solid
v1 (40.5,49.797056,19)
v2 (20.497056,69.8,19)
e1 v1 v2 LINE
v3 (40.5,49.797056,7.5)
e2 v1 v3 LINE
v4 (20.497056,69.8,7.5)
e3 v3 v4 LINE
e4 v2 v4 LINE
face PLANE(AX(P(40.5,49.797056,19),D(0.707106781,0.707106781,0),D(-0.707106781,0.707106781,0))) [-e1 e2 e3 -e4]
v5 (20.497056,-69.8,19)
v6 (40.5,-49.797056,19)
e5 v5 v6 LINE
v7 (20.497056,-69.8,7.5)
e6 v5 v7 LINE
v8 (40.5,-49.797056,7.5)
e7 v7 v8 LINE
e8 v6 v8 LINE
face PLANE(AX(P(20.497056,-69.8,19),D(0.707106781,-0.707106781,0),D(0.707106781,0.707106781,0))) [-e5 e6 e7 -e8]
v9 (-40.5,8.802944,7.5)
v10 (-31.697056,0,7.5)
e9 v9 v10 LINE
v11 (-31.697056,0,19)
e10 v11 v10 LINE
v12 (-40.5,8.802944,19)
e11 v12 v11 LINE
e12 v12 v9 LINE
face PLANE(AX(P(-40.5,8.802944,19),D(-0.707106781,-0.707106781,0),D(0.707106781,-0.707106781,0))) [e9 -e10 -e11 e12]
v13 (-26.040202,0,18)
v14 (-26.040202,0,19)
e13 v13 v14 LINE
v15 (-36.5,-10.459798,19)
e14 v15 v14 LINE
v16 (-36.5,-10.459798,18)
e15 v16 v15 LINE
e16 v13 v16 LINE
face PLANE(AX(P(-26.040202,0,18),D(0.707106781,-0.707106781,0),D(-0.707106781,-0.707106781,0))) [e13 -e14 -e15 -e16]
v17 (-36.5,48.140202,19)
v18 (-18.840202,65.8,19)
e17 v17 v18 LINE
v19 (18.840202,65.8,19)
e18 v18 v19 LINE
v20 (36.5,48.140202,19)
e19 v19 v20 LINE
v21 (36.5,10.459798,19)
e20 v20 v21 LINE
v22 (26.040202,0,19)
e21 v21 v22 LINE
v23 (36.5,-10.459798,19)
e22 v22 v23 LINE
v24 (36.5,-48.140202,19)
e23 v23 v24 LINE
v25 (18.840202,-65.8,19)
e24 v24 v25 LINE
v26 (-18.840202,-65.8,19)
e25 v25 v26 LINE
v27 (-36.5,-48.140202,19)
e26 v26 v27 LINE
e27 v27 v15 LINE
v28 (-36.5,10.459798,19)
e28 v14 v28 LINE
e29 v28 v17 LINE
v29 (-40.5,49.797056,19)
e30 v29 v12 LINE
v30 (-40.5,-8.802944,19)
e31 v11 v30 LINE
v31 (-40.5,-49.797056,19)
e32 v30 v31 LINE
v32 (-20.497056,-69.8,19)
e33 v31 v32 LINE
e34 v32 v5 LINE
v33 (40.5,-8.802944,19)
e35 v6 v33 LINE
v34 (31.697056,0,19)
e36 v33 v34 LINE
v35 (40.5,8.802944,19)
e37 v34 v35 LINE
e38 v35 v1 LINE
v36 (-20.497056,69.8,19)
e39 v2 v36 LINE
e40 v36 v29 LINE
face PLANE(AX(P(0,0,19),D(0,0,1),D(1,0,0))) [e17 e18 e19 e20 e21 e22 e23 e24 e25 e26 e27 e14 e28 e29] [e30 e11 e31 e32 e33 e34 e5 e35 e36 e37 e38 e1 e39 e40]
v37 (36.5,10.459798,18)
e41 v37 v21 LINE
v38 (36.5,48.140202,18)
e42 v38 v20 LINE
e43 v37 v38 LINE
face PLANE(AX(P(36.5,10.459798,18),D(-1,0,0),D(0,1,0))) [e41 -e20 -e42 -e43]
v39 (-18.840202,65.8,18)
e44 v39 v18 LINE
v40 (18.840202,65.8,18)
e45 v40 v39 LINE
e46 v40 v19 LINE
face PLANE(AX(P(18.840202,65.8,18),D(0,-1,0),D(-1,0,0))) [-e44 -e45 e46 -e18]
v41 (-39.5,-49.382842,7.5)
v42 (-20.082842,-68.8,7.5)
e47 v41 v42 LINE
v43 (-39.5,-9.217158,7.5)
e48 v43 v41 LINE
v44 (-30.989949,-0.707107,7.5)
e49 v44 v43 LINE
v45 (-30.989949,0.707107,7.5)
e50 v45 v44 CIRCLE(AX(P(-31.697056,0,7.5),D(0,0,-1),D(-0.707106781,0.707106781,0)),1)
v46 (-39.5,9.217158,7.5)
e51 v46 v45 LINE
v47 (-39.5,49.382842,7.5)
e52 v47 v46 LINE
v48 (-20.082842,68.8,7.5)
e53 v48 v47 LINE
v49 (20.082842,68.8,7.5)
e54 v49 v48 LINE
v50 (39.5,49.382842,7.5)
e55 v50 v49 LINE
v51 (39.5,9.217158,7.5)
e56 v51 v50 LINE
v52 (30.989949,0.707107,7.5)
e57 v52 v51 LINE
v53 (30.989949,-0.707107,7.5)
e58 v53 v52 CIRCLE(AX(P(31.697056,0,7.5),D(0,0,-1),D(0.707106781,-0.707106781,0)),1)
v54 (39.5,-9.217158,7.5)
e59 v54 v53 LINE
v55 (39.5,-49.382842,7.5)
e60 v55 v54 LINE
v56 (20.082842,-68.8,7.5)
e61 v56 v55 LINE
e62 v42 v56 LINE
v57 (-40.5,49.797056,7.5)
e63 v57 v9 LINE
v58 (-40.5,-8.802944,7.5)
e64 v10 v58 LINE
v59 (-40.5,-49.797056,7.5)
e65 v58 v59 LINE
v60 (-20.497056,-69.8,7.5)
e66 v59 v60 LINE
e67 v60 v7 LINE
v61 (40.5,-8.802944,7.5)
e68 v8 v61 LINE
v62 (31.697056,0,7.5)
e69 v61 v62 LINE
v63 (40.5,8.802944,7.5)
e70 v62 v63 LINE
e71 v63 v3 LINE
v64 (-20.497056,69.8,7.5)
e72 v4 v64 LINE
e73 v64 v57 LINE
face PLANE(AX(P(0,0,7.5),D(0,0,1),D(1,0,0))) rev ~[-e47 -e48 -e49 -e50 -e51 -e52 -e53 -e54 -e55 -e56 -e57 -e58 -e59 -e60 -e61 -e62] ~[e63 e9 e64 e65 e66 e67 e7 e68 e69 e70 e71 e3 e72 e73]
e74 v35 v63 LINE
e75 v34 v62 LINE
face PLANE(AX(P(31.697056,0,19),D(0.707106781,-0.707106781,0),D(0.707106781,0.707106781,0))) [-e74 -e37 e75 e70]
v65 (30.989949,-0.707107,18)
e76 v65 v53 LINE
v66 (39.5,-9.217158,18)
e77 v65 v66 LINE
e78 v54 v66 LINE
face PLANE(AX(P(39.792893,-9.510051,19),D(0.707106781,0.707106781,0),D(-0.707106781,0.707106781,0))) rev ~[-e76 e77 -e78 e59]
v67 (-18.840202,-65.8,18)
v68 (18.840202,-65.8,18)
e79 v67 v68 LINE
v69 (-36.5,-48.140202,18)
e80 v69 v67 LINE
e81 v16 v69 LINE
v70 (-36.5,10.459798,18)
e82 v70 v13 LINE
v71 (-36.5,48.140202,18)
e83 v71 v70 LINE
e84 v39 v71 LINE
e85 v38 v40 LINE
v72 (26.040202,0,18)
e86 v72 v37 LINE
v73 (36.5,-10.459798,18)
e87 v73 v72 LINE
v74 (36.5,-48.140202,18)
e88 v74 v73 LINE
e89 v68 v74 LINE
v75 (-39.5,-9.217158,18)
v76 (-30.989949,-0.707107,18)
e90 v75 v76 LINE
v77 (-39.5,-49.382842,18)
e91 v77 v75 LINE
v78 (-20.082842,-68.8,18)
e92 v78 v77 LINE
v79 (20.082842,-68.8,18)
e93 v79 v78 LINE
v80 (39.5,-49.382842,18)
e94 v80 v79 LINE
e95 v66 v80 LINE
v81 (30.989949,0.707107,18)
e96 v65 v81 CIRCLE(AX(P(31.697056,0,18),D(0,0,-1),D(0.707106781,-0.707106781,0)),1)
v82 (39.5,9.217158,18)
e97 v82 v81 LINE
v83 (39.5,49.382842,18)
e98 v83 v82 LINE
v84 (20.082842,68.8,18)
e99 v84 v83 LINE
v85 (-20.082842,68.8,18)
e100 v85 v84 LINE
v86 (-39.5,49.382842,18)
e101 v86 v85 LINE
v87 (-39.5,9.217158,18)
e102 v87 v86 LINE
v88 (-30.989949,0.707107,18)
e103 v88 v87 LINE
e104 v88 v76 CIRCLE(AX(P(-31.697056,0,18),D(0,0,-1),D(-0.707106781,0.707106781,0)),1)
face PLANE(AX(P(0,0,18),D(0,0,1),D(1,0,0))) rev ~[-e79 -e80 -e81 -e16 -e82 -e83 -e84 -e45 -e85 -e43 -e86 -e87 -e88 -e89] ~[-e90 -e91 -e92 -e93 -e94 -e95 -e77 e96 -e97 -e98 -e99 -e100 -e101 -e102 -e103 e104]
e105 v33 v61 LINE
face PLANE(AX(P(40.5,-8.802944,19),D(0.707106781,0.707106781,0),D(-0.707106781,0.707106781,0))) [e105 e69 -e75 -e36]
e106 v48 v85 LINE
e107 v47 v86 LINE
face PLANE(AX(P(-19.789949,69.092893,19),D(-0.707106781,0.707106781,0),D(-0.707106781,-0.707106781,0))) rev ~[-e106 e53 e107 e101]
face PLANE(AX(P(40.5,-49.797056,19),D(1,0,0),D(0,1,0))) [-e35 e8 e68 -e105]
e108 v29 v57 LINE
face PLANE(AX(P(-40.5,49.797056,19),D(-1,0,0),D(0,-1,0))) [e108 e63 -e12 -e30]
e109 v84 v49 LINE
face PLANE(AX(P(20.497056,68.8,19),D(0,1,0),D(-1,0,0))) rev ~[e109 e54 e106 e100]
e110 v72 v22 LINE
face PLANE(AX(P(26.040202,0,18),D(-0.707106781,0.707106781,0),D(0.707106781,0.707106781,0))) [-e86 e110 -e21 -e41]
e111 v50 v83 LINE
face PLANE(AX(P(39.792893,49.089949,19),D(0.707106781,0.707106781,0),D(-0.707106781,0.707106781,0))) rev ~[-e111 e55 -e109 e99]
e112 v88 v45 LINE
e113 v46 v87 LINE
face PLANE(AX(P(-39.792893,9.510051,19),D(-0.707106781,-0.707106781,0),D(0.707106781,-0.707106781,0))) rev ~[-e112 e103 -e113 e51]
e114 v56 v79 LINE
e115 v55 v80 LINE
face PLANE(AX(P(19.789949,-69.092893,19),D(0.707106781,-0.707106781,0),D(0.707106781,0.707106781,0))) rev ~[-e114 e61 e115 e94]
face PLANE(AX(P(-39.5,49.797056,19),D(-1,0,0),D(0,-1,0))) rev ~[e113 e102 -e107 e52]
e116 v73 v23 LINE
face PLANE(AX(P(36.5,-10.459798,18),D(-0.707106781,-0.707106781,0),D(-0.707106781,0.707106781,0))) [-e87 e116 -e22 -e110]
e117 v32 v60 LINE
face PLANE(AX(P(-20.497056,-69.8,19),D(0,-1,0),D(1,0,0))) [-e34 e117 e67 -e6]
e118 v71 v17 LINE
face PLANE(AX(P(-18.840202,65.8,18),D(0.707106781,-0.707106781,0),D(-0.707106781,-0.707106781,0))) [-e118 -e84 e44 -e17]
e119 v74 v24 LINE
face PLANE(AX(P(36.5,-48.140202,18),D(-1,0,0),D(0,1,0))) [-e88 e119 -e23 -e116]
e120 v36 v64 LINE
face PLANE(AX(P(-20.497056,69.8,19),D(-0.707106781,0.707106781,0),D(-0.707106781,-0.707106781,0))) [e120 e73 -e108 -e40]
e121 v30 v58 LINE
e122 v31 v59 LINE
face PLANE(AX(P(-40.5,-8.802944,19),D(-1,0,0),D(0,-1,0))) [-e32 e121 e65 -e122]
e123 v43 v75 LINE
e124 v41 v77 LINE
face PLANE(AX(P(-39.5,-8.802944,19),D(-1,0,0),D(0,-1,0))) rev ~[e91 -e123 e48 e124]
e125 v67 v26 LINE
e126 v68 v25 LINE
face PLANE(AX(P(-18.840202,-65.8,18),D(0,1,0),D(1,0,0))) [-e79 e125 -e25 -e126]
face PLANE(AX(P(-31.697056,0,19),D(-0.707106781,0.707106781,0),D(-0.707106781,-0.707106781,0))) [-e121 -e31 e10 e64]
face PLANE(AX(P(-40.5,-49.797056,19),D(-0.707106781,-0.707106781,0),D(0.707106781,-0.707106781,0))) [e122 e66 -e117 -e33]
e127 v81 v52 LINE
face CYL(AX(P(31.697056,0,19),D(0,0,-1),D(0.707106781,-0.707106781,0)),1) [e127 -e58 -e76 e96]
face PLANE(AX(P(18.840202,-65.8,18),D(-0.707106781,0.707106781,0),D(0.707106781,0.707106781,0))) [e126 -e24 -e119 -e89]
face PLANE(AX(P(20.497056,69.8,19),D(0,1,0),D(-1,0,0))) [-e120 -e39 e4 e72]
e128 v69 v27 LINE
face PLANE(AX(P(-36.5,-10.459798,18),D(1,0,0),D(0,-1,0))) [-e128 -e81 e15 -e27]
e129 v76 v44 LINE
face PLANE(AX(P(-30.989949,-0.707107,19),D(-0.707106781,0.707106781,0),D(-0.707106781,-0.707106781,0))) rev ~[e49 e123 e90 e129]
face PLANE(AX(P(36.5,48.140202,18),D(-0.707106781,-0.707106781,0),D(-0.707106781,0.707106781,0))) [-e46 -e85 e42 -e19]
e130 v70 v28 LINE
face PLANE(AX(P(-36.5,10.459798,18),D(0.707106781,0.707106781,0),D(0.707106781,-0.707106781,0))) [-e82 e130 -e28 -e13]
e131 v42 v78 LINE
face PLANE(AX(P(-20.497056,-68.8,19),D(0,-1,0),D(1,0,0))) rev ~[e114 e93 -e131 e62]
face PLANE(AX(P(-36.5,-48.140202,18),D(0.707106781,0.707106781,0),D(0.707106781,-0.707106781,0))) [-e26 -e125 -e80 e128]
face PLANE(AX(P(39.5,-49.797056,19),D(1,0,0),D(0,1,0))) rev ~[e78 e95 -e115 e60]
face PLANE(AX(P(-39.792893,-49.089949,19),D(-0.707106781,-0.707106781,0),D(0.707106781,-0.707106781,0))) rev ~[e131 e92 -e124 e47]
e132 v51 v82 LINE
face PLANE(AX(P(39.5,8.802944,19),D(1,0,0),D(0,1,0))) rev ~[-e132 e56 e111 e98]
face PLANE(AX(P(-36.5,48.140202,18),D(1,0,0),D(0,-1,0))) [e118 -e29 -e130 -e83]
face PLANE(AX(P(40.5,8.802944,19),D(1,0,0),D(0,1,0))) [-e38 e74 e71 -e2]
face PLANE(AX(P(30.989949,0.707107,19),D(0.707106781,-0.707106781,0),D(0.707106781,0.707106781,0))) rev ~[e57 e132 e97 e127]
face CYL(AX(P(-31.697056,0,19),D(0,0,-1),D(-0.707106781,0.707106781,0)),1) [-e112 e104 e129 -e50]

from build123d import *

# Parameters (mm, degrees)
PAD006_DEPTH            = 11.5
THICKNESS001_T          = -1
POCKET002_DEPTH         = 5
BODY017_PLACEMENT_ANGLE = 180


with BuildPart() as part:
    # Sketch008 → Pad006 (new body)
    with BuildSketch(Plane.XY):
        Polygon((-20.497056, 69.8), (20.497056, 69.8), (40.5, 49.797056), (40.5, 8.802944), (31.697056, 0), (40.5, -8.802944), (40.5, -49.797056), (20.497056, -69.8), (-20.497056, -69.8), (-40.5, -49.797056), (-40.5, -8.802944), (-31.697056, 0), (-40.5, 8.802944), (-40.5, 49.797056), align=None)
    extrude(amount=PAD006_DEPTH)

    # Thickness001
    thickness001_openings = [part.faces().sort_by_distance(p)[0] for p in [
        (0, 0, 11.5),
    ]]
    offset(amount=THICKNESS001_T, openings=thickness001_openings)

    # Sketch009 (on Face33 of Thickness001) → Pocket002 (cut)
    with BuildSketch(Plane.XY.offset(1)):
        Polygon((-18.840202, 65.8), (18.840202, 65.8), (36.5, 48.140202), (36.5, 10.459798), (26.040202, 0), (36.5, -10.459798), (36.5, -48.140202), (18.840202, -65.8), (-18.840202, -65.8), (-36.5, -48.140202), (-36.5, -10.459798), (-26.040202, 0), (-36.5, 10.459798), (-36.5, 48.140202), align=None)
    extrude(amount=-POCKET002_DEPTH, mode=Mode.SUBTRACT)


with BuildPart() as part_1:
    # Body017 placement: moved
    add(part.part.moved(Location((0, 0, 19))).rotate(Axis((0, 0, 19), (0, 1, 0)), BODY017_PLACEMENT_ANGLE))


solid = part_1.part
